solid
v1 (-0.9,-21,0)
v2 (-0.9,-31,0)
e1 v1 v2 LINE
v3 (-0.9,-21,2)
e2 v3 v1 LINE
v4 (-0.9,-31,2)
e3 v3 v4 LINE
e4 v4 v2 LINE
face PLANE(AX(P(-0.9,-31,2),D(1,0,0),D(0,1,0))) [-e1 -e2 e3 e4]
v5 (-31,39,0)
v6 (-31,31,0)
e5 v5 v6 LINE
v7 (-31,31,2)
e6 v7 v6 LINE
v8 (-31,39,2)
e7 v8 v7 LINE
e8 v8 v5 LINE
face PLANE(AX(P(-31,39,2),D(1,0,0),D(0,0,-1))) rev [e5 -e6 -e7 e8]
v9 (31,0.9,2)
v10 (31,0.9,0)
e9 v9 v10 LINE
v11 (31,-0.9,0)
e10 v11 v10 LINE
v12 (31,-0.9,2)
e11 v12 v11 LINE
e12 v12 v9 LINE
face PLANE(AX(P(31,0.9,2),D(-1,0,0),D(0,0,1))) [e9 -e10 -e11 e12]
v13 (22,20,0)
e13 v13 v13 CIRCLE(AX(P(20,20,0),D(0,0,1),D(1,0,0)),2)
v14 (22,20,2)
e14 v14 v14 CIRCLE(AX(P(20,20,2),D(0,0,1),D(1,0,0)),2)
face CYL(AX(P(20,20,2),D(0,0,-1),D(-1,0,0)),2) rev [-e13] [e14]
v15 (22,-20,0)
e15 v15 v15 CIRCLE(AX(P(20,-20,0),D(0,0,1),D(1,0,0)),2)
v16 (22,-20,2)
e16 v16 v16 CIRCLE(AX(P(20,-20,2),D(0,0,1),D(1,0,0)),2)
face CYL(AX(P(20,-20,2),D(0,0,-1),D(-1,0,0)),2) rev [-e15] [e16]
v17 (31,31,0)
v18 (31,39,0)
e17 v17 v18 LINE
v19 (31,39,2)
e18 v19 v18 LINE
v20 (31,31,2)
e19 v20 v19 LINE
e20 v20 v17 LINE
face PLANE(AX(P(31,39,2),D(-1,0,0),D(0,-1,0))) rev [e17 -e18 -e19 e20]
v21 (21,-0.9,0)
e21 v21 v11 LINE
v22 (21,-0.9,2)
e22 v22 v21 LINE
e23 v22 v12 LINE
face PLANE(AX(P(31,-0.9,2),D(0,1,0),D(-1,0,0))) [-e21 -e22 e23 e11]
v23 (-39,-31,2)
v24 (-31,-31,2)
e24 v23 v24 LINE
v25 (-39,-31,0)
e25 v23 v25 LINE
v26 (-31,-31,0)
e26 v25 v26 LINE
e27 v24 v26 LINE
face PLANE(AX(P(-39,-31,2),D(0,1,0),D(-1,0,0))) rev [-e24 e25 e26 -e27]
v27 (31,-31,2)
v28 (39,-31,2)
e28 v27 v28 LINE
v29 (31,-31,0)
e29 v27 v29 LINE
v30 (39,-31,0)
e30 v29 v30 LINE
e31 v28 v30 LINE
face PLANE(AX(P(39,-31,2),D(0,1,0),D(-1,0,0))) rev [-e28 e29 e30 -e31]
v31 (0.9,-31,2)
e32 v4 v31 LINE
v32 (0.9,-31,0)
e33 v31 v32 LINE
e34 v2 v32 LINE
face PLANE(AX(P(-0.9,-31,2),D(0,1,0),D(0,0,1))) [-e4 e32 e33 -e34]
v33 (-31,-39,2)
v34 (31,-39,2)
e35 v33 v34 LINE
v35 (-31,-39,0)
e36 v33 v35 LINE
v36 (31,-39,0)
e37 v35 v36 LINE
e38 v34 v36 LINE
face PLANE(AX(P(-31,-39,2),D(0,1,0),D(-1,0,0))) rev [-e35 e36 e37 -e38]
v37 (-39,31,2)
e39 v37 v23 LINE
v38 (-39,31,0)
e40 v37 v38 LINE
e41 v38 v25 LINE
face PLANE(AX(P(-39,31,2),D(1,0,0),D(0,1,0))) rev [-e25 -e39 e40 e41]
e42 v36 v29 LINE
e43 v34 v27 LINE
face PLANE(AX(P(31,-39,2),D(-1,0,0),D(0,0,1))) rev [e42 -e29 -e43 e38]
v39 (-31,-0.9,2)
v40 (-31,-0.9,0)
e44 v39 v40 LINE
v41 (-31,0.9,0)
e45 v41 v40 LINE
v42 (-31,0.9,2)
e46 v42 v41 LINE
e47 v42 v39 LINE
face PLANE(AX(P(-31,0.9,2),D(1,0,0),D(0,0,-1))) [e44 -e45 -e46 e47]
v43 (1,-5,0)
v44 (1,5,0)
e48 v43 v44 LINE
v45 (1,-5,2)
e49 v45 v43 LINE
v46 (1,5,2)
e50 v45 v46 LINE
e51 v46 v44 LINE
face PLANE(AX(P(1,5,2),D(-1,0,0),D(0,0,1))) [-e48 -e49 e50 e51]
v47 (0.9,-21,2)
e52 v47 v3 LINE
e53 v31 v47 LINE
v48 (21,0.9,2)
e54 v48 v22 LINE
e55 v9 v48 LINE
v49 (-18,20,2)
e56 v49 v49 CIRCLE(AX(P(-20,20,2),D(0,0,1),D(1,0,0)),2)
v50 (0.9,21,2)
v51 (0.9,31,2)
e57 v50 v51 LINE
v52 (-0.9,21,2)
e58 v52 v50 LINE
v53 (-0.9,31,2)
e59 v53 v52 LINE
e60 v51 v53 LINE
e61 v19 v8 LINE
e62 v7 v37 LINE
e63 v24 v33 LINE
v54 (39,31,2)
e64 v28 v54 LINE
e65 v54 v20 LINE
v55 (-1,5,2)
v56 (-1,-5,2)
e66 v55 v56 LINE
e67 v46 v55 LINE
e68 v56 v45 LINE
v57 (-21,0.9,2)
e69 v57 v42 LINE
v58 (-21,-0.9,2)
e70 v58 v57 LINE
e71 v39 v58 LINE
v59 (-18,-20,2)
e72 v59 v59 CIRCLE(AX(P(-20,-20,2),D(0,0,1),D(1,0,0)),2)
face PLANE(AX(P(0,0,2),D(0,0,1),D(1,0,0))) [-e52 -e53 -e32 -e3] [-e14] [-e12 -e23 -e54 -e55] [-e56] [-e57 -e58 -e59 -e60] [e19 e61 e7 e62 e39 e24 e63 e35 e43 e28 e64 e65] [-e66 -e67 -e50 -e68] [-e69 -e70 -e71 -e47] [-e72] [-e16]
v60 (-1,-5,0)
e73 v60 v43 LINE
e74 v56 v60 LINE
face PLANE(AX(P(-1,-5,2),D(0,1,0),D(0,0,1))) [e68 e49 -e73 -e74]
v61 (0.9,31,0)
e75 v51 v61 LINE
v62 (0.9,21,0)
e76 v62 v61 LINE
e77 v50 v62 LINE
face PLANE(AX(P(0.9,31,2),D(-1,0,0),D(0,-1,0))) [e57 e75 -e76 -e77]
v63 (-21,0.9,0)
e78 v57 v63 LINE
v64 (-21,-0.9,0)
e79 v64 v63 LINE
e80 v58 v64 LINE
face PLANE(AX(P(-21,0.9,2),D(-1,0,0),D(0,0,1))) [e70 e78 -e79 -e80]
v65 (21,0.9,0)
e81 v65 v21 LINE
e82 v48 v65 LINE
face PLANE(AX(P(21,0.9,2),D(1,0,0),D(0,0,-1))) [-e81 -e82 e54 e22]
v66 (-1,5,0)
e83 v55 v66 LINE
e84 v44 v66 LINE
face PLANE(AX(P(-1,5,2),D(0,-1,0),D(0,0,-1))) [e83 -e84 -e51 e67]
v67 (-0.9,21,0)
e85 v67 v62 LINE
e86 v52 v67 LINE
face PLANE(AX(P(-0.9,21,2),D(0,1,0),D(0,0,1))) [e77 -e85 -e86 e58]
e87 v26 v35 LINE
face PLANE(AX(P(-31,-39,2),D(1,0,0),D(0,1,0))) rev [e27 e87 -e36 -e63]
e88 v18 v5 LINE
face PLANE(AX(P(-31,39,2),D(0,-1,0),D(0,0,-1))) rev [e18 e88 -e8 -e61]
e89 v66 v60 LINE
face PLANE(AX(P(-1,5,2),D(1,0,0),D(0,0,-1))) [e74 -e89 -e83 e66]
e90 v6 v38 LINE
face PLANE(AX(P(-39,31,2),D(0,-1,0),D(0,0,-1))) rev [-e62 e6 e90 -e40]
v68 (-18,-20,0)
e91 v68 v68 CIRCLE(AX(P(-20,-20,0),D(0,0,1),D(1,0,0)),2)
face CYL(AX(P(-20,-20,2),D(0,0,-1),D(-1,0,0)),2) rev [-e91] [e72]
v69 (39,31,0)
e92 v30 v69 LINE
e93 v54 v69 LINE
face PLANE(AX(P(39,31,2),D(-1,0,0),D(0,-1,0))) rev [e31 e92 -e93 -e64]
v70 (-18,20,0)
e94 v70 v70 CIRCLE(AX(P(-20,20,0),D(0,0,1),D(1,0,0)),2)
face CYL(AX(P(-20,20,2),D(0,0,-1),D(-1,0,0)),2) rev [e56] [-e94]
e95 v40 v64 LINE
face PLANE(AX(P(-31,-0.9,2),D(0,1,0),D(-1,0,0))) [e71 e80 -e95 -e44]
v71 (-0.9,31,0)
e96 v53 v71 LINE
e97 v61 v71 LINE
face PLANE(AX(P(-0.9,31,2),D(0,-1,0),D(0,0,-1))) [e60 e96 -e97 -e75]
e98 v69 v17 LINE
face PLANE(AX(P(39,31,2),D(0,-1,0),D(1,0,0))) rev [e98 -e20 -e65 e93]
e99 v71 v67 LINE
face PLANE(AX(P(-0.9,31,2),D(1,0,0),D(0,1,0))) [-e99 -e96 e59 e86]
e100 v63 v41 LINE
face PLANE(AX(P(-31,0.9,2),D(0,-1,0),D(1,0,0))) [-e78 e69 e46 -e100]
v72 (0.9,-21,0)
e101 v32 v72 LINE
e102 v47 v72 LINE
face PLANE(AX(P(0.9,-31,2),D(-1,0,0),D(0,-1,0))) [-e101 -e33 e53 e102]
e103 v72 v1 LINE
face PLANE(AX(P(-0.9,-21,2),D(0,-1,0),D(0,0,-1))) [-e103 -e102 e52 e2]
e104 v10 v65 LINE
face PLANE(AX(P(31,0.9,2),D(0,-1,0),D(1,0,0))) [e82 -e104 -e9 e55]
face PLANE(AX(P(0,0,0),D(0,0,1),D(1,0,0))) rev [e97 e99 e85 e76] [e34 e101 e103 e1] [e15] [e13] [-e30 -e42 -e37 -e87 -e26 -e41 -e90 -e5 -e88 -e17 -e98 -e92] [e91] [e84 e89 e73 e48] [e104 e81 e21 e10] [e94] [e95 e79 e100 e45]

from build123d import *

# Parameters (mm, degrees)
SKETCH_1_R      = 2
SKETCH_1_W      = 1.8
SKETCH_1_H      = 10
SKETCH_1_W_2    = 10
SKETCH_1_H_2    = 1.8
SKETCH_1_W_3    = 2
EXTRUDE_1_DEPTH = 2


with BuildPart() as part:
    # 草圖1 → 填料-伸長1 (new body)
    with BuildSketch(Plane.XY):
        Polygon((-31, 39), (31, 39), (31, 31), (39, 31), (39, -31), (31, -31), (31, -39), (-31, -39), (-31, -31), (-39, -31), (-39, 31), (-31, 31), align=None)
        with Locations((-20, 20)):
            Circle(SKETCH_1_R, mode=Mode.SUBTRACT)
        with Locations((20, 20)):
            Circle(SKETCH_1_R, mode=Mode.SUBTRACT)
        with Locations((20, -20)):
            Circle(SKETCH_1_R, mode=Mode.SUBTRACT)
        with Locations((-20, -20)):
            Circle(SKETCH_1_R, mode=Mode.SUBTRACT)
        with Locations((0, -26)):
            Rectangle(SKETCH_1_W, SKETCH_1_H, mode=Mode.SUBTRACT)
        with Locations((0, 26)):
            Rectangle(SKETCH_1_W, SKETCH_1_H, mode=Mode.SUBTRACT)
        with Locations((-26, 0)):
            Rectangle(SKETCH_1_W_2, SKETCH_1_H_2, mode=Mode.SUBTRACT)
        with Locations((26, 0)):
            Rectangle(SKETCH_1_W_2, SKETCH_1_H_2, mode=Mode.SUBTRACT)
        Rectangle(SKETCH_1_W_3, SKETCH_1_H, mode=Mode.SUBTRACT)
    extrude(amount=EXTRUDE_1_DEPTH)


solid = part.part
